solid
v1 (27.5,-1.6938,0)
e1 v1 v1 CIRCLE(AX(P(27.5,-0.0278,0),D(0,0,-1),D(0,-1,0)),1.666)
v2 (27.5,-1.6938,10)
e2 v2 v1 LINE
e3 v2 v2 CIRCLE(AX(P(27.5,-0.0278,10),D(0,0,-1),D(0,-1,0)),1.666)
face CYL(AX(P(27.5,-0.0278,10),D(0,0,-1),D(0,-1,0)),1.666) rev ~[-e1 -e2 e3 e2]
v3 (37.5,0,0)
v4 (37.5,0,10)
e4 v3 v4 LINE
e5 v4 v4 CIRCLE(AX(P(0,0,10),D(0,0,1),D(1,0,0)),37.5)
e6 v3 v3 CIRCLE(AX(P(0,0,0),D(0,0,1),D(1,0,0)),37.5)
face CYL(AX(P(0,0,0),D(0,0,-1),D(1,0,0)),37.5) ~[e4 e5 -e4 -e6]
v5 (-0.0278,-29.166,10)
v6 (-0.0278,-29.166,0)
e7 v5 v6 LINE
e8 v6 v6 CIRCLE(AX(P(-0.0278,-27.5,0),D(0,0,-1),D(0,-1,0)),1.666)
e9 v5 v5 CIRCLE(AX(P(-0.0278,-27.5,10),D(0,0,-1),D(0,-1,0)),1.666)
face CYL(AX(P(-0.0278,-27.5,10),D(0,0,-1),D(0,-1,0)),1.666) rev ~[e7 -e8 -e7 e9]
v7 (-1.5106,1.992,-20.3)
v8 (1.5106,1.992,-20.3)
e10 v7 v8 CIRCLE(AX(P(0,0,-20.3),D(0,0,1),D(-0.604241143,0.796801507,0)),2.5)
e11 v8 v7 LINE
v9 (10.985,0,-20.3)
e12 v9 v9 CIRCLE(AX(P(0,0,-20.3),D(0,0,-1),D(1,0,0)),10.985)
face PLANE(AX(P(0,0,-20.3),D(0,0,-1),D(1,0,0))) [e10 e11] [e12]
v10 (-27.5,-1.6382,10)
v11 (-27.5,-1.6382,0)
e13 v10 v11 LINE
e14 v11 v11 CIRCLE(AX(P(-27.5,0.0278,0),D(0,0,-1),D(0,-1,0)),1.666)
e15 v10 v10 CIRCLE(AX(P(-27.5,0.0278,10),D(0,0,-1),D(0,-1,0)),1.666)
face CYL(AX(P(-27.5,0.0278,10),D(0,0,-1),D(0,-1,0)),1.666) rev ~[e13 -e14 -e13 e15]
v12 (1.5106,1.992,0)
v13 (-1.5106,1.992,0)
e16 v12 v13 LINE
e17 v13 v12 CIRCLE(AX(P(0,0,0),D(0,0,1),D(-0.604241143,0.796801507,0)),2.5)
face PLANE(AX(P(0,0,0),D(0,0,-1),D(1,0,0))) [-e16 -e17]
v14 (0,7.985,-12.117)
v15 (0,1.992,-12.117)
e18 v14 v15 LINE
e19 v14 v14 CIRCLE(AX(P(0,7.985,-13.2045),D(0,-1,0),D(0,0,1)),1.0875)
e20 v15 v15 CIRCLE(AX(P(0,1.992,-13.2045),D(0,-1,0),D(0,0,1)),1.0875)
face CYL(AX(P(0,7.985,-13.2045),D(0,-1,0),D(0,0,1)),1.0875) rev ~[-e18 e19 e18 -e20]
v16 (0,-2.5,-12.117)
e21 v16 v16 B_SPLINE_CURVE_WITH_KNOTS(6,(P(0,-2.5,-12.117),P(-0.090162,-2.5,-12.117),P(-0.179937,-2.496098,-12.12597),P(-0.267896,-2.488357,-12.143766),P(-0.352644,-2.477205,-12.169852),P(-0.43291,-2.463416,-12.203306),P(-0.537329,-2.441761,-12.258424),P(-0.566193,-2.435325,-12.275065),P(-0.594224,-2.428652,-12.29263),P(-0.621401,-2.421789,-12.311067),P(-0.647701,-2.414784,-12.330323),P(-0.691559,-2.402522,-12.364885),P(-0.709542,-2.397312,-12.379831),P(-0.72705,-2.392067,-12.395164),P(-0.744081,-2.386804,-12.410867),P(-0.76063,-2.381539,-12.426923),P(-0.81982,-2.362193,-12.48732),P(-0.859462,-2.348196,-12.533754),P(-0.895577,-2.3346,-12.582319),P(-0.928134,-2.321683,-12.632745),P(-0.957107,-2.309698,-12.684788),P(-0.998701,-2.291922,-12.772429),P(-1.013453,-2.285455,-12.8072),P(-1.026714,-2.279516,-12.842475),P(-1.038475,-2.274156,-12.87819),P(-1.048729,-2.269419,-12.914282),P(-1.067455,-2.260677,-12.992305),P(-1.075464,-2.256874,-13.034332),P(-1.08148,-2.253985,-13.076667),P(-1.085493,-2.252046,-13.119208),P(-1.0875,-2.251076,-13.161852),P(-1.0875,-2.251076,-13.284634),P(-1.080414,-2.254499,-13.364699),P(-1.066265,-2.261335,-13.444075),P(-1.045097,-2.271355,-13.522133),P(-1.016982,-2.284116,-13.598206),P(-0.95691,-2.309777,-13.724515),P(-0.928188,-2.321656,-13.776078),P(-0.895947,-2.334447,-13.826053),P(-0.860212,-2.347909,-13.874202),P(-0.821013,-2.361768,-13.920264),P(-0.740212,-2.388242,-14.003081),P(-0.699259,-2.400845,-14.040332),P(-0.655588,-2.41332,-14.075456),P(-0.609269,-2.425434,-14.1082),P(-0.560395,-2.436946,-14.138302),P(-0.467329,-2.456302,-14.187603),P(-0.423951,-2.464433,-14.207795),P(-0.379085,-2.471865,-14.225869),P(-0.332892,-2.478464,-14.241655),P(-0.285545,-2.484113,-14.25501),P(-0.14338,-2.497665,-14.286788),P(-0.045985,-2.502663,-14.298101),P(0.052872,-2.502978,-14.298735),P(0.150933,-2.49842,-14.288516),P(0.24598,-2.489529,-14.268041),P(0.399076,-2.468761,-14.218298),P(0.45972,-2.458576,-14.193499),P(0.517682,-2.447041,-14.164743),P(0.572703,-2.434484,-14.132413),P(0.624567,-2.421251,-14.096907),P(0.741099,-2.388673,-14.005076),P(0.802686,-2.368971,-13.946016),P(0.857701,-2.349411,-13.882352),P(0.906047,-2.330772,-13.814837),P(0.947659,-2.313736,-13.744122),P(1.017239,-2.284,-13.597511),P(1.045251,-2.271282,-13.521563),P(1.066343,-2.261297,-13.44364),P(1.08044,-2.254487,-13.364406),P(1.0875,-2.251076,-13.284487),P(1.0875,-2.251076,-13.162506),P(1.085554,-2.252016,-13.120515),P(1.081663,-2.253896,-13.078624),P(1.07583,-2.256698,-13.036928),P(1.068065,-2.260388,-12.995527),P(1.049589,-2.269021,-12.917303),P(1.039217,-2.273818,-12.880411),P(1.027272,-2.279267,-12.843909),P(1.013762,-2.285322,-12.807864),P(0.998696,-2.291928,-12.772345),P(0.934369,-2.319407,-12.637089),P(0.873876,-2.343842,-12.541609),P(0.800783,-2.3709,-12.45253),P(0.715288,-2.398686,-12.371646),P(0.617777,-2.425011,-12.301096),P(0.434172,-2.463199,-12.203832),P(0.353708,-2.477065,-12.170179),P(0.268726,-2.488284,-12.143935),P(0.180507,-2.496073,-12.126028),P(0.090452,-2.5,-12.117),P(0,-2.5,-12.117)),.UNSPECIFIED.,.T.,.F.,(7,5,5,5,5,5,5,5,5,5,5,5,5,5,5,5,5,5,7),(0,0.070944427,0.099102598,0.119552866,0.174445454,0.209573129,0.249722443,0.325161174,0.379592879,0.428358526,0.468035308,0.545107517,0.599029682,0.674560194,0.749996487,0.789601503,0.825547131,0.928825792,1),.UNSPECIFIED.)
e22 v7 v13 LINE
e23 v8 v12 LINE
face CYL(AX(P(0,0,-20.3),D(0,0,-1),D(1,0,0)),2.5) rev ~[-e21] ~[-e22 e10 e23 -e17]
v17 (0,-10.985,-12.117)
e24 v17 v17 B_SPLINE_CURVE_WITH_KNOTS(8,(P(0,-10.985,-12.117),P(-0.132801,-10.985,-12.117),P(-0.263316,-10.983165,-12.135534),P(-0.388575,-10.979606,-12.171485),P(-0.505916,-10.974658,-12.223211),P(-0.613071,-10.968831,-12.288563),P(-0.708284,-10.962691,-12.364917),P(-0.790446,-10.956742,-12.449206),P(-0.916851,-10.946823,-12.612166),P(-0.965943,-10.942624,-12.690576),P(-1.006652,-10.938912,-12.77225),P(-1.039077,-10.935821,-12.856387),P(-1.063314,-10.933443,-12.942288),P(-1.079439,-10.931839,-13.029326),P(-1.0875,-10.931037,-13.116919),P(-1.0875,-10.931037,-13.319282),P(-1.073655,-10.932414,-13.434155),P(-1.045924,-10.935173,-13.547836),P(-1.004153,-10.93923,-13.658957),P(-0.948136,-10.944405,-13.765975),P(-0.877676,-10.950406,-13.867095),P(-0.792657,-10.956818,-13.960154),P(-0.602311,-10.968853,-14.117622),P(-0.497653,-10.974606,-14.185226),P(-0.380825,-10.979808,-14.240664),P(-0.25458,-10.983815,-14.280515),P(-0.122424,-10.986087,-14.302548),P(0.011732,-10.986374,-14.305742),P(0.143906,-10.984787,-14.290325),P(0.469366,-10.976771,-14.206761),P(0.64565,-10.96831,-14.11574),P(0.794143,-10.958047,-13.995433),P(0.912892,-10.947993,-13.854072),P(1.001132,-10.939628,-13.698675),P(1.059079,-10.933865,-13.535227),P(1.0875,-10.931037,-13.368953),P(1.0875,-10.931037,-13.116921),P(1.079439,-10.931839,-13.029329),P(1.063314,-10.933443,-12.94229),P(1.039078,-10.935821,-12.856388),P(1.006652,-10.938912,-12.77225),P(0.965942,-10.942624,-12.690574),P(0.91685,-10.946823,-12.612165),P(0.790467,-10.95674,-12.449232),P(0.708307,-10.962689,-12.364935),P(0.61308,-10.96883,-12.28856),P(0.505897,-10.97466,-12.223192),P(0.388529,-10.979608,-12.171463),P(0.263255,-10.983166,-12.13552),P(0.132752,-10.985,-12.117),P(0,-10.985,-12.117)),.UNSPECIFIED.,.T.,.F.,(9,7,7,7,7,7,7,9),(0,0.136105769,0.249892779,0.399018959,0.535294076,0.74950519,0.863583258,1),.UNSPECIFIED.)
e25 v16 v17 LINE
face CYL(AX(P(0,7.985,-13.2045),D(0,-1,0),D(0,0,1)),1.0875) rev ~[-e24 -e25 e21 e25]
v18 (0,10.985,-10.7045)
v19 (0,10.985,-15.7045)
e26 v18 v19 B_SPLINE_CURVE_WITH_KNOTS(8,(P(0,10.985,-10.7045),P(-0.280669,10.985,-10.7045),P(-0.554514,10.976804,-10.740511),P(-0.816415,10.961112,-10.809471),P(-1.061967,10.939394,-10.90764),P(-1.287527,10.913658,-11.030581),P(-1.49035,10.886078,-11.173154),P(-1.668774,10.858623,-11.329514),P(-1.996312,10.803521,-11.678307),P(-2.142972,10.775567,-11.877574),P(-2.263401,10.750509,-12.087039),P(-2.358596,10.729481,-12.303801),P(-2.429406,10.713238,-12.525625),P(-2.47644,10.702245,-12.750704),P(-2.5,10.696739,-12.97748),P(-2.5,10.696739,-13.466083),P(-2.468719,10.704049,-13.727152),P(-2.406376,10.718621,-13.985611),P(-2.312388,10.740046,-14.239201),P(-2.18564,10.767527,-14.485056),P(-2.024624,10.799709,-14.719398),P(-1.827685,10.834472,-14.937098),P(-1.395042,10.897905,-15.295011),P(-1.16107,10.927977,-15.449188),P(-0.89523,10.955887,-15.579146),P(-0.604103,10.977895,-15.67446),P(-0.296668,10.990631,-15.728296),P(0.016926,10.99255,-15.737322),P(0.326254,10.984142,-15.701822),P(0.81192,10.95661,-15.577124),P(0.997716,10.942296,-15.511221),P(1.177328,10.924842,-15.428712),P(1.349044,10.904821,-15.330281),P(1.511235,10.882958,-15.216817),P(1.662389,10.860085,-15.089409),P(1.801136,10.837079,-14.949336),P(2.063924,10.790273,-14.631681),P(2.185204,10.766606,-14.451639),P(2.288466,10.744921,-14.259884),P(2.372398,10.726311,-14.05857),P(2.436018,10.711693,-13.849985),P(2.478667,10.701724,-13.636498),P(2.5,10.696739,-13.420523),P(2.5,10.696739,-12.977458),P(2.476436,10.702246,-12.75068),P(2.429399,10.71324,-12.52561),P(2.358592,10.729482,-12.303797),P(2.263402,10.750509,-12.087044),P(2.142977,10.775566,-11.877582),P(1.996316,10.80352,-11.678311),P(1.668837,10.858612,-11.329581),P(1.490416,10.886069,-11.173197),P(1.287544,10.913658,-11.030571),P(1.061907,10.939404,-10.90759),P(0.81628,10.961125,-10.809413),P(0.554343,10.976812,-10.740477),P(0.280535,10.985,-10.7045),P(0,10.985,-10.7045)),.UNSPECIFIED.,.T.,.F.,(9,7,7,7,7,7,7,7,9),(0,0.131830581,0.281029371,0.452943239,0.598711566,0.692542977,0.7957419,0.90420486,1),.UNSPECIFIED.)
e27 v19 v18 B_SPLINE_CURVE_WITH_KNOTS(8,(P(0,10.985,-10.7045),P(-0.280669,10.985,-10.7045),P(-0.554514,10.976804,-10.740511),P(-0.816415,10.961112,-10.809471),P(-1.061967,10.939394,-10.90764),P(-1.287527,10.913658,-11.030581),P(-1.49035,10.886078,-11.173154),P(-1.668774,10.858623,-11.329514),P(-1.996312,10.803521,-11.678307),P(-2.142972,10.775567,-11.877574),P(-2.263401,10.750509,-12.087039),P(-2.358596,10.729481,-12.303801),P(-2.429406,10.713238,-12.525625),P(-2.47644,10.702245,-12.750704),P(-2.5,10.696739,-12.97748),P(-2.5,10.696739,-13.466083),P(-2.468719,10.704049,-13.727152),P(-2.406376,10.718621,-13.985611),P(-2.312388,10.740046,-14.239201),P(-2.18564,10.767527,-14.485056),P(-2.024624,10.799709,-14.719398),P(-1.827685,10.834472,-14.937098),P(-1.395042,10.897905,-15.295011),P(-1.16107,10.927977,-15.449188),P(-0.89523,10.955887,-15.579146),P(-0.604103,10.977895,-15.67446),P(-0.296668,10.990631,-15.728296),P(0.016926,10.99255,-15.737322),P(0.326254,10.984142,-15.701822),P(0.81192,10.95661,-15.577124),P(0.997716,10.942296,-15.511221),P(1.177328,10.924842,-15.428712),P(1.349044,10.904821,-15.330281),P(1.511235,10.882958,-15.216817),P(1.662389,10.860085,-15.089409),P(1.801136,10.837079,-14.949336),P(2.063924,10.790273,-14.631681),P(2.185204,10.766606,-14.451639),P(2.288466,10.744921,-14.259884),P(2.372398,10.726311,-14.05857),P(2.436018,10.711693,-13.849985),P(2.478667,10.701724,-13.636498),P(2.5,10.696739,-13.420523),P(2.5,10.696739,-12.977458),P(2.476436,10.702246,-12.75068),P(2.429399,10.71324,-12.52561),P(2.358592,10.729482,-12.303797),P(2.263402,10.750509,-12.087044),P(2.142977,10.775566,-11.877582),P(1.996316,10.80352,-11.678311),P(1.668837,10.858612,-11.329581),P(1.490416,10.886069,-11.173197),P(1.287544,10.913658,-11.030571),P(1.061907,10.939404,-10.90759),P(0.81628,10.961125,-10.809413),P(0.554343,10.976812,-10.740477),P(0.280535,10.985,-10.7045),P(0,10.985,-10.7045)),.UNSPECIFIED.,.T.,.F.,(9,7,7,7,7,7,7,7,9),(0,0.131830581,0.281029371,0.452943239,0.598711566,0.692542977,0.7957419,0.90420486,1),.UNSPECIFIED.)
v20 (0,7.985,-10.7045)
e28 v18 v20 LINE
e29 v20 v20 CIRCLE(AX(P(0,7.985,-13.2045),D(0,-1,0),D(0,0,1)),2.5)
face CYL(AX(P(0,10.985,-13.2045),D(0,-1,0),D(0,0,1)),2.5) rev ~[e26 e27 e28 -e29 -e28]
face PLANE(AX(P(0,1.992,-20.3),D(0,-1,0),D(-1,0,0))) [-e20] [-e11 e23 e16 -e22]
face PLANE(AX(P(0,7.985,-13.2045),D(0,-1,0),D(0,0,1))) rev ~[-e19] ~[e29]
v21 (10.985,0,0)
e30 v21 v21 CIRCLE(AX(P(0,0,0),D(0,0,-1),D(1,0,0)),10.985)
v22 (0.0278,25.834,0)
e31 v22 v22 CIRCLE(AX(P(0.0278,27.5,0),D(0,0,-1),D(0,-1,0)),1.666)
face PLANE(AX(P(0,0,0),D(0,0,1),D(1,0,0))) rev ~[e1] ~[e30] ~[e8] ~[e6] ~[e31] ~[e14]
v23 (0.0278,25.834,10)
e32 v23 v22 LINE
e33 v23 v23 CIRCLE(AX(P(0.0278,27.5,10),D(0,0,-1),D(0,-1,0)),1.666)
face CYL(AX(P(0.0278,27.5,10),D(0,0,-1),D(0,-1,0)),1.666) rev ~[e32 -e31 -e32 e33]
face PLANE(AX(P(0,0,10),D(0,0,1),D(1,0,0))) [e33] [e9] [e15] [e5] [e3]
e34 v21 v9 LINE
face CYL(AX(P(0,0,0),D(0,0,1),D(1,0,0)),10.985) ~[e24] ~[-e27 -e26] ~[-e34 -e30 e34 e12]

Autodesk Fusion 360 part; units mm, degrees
sketch "Sketch1" plane through (0, 0, 0) normal (0, 0, 1) x (1, 0, 0)
  circle A0 centre (0, 0) radius 37.5
  dimension "d1" = 75
extrude "Extrude1" add sketch "Sketch1" along normal blind 10
sketch "Sketch2" plane through (0, 0, 0) normal (0, 0, -1) x (1, 0, 0)
  circle A0 centre (0, 0) radius 37.5
  circle A1 centre (0, 0) radius 10.985
  dimension "d4" = 21.97
extrude "Extrude2" add sketch "Sketch2" along normal blind 20.3 contours A1
sketch "Sketch3" plane through (0, 0, -20.3) normal (0, 0, -1) x (1, 0, 0)
  circle A0 centre (0, 0) radius 10.985
  circle A1 centre (0, 0) radius 2.5
  dimension "d7" = 5
extrude "Extrude3" cut sketch "Sketch3" against normal blind 20.3 contours A1
sketch "Sketch5" plane through (0, 0, -20.3) normal (0, 0, -1) x (1, 0, 0)
  circle A0 centre (0, 0) radius 2.5
  circle A1 centre (0, 0) radius 10.985
  line L0 (0, -1.992) -> (1.5106, -1.992)
  line L1 (0, -1.992) -> (-1.5106, -1.992)
  circle A2 centre (0, 0) radius 2.5
extrude "Extrude4" add sketch "Sketch5" against normal blind 20.3 contours A0 L0 L1 A2 picked at (0, -2.3263)
sketch "Sketch6" plane through (0, 1.992, 0) normal (0, -1, 0) x (1, 0, 0)
  line L0 (-1.5106, -20.3) -> (1.5106, -20.3)
  line L1 (1.5106, -20.3) -> (1.5106, 0)
  line L2 (1.5106, 0) -> (-1.5106, 0)
  line L3 (-1.5106, 0) -> (-1.5106, -20.3)
sketch "Sketch7" plane through (0, 0, -20.3) normal (0, 0, -1) x (1, 0, 0)
  arc A0 (1.5106, -1.992) -> (-1.5106, -1.992) centre (0, 0) ccw
  line L0 (1.5106, -1.992) -> (-1.5106, -1.992)
  circle A1 centre (0, 0) radius 10.985
hole "Hole1" at (0, 10.985, -13.2045) direction (0, -1, 0) diameter 2.175 depth 50 tip angle 180 counterbore diameter 5 counterbore depth 3
sketch "Sketch8" plane through (0, 0, 10) normal (0, 0, 1) x (-1, 0, 0)
  circle A0 centre (0, 0) radius 37.5
sketch "Sketch9" plane through (0, 0, 10) normal (0, 0, 1) x (-1, 0, 0)
  circle A0 centre (0, 0) radius 37.5
  line L0 (-0.0392, -37.5) -> (-0.0278, -27.5)
  line L1 (37.5, -0.0392) -> (27.5, -0.0278)
  line L2 (0.0392, 37.5) -> (0.0278, 27.5)
  line L3 (-37.5, 0.0392) -> (-27.5, 0.0278)
  dimension "d19" = 10
  dimension "d21" = 360
hole "Hole2" at (0.0278, 27.5, 10) at (27.5, -0.0278, 10) at (-0.0278, -27.5, 10) at (-27.5, 0.0278, 10) direction (0, 0, -1) diameter 3.332 depth 50 tip angle 180
component "6627T91_Stepper Motor" placed x (1, 0, 0) y (0, 1, 0) z (0, 0, 1) at (52.5447, 49.4652, -3.0795)
